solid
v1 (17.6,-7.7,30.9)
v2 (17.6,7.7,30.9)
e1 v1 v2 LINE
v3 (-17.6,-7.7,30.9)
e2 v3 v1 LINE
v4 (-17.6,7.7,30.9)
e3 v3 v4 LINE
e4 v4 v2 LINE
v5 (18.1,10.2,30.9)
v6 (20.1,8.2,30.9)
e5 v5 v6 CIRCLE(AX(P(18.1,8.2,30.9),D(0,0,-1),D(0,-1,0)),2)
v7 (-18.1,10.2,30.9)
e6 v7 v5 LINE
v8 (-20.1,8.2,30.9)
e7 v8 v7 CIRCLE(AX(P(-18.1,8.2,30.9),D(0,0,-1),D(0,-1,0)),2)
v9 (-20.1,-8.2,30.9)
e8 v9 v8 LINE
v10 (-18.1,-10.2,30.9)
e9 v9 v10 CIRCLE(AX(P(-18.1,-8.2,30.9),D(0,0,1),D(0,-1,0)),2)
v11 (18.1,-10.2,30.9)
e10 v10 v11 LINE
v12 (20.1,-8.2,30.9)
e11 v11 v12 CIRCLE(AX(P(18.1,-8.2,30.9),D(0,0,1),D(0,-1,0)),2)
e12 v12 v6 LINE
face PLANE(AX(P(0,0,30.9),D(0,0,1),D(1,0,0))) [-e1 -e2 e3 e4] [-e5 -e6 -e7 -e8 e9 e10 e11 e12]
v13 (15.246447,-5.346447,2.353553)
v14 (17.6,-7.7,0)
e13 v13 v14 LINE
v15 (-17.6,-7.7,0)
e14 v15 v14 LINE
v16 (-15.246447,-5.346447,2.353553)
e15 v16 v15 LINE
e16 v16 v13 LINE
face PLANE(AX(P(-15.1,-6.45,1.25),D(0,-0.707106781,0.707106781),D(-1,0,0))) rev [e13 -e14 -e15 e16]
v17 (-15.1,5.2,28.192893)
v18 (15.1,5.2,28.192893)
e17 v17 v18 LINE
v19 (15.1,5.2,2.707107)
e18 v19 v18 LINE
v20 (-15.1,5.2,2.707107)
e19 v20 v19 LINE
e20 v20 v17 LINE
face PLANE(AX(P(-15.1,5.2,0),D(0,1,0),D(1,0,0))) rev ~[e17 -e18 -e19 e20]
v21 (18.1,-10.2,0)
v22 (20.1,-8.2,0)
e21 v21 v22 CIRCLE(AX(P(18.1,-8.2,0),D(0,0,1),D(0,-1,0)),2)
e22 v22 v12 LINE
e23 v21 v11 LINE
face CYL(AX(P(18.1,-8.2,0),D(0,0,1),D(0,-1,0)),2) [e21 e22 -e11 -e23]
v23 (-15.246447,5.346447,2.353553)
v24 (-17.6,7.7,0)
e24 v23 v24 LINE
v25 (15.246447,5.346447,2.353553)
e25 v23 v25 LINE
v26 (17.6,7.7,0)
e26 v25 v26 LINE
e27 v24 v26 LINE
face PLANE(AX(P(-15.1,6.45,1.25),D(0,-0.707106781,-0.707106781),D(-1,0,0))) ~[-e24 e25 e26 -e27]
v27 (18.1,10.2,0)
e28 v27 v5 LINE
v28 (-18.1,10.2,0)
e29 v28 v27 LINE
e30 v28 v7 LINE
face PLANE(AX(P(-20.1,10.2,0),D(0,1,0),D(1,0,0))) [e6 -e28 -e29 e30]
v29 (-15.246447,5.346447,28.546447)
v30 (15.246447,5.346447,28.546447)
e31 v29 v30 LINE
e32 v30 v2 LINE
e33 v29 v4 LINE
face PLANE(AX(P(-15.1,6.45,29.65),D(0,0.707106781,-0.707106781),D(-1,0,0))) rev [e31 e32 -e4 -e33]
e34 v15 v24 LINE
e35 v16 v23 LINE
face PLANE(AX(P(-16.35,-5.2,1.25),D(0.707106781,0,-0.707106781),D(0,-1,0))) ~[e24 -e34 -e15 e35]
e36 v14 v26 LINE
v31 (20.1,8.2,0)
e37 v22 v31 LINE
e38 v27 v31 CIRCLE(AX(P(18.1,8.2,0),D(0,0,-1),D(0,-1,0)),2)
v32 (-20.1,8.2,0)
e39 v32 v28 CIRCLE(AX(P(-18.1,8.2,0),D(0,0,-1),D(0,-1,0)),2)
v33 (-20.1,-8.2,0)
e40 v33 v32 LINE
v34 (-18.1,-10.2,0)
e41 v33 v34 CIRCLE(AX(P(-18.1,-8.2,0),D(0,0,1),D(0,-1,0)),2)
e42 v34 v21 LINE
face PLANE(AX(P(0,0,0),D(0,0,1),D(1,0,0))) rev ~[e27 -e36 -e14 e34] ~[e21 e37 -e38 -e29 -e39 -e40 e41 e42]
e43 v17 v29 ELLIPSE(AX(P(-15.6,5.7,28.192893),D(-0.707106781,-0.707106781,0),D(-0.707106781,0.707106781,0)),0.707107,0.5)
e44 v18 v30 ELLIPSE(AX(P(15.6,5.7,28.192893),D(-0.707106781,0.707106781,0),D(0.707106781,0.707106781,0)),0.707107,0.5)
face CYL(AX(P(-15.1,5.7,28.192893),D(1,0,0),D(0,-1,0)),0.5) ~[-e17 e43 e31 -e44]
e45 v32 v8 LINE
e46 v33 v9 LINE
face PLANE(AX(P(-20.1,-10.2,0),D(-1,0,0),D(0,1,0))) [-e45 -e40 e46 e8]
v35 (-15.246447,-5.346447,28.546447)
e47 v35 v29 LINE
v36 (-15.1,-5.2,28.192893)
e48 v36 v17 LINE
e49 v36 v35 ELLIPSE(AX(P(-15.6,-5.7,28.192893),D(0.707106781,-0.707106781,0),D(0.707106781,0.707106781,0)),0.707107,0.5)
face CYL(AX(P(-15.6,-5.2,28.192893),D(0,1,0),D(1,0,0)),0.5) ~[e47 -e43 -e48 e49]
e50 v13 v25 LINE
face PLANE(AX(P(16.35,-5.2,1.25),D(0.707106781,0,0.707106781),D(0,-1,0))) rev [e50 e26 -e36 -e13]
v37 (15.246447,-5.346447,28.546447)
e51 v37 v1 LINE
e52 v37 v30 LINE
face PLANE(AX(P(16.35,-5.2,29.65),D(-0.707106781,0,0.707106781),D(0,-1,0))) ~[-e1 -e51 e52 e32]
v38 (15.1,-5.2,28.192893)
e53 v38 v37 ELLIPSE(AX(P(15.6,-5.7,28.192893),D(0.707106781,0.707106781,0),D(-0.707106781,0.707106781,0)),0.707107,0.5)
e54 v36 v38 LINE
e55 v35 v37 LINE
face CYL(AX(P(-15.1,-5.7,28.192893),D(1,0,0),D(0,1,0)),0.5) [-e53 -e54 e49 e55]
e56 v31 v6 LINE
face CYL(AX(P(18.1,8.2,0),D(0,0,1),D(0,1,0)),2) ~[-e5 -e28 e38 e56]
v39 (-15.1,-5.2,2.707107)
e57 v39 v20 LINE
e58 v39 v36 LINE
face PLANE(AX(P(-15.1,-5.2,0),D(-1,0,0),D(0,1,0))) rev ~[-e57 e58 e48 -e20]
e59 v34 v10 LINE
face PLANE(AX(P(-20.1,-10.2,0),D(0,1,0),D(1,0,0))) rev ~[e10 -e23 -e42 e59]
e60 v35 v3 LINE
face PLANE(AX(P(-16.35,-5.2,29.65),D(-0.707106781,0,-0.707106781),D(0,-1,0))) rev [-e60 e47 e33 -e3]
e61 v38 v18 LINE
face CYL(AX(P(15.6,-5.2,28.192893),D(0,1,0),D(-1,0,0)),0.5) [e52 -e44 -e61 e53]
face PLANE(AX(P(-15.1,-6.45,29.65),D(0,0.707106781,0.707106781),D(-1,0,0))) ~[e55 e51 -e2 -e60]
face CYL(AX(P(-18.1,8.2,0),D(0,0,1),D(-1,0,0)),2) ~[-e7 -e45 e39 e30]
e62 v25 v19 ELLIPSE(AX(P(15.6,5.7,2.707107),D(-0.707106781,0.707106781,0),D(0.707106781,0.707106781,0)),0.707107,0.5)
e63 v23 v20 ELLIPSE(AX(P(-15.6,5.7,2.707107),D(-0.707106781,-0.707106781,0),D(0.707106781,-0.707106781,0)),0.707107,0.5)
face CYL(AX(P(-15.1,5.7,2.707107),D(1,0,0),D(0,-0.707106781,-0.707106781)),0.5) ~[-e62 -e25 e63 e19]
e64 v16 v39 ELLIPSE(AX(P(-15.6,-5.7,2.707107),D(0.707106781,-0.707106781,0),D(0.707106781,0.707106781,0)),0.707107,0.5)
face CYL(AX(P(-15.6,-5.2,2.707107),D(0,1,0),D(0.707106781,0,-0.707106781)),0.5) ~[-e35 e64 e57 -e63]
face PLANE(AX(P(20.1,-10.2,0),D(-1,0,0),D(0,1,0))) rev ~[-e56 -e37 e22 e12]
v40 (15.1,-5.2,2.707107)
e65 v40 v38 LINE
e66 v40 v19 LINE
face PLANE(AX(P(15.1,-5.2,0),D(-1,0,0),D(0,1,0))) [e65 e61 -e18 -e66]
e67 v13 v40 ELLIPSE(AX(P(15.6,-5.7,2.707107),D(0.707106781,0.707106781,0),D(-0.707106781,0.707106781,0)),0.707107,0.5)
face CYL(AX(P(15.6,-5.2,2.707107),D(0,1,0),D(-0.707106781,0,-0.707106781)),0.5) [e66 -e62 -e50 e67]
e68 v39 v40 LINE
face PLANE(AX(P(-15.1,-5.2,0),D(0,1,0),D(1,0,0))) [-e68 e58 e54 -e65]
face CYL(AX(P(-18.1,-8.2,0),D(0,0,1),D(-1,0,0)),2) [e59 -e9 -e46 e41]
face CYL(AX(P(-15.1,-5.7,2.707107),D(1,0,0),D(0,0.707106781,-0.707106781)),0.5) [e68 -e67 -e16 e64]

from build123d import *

# Parameters (mm, degrees)
F0_W     = 40.2
F0_H     = 20.4
F0_W_2   = 30.2
F0_H_2   = 10.4
F1_DEPTH = 30.9
F2_SIZE  = 2.5
F3_R     = 2
F4_R     = 0.5


with BuildPart() as f1:
    # F0 (on Top) → F1 (new body)
    with BuildSketch(Plane.XY):
        Rectangle(F0_W, F0_H)
        Rectangle(F0_W_2, F0_H_2, mode=Mode.SUBTRACT)
    extrude(amount=F1_DEPTH)

    # F2
    f2_edges = [f1.edges().sort_by_distance(p)[0] for p in [
        (-15.1, 0, 0),
        (0, -5.2, 0),
        (15.1, 0, 0),
        (0, 5.2, 0),
        (-15.1, 0, 30.9),
        (0, 5.2, 30.9),
        (15.1, 0, 30.9),
        (0, -5.2, 30.9),
    ]]
    chamfer(f2_edges, length=F2_SIZE)

    # F3
    f3_edges = [f1.edges().sort_by_distance(p)[0] for p in [
        (-20.1, -10.2, 15.45),
        (-20.1, 10.2, 15.45),
        (20.1, -10.2, 15.45),
        (20.1, 10.2, 15.45),
    ]]
    fillet(f3_edges, radius=F3_R)

    # F4
    f4_edges = [f1.edges().sort_by_distance(p)[0] for p in [
        (-15.1, 0, 28.4),
        (0, 5.2, 28.4),
        (15.1, 0, 28.4),
        (0, -5.2, 28.4),
        (0, 5.2, 2.5),
        (-15.1, 0, 2.5),
        (15.1, 0, 2.5),
        (0, -5.2, 2.5),
    ]]
    fillet(f4_edges, radius=F4_R)


solid = f1.part
